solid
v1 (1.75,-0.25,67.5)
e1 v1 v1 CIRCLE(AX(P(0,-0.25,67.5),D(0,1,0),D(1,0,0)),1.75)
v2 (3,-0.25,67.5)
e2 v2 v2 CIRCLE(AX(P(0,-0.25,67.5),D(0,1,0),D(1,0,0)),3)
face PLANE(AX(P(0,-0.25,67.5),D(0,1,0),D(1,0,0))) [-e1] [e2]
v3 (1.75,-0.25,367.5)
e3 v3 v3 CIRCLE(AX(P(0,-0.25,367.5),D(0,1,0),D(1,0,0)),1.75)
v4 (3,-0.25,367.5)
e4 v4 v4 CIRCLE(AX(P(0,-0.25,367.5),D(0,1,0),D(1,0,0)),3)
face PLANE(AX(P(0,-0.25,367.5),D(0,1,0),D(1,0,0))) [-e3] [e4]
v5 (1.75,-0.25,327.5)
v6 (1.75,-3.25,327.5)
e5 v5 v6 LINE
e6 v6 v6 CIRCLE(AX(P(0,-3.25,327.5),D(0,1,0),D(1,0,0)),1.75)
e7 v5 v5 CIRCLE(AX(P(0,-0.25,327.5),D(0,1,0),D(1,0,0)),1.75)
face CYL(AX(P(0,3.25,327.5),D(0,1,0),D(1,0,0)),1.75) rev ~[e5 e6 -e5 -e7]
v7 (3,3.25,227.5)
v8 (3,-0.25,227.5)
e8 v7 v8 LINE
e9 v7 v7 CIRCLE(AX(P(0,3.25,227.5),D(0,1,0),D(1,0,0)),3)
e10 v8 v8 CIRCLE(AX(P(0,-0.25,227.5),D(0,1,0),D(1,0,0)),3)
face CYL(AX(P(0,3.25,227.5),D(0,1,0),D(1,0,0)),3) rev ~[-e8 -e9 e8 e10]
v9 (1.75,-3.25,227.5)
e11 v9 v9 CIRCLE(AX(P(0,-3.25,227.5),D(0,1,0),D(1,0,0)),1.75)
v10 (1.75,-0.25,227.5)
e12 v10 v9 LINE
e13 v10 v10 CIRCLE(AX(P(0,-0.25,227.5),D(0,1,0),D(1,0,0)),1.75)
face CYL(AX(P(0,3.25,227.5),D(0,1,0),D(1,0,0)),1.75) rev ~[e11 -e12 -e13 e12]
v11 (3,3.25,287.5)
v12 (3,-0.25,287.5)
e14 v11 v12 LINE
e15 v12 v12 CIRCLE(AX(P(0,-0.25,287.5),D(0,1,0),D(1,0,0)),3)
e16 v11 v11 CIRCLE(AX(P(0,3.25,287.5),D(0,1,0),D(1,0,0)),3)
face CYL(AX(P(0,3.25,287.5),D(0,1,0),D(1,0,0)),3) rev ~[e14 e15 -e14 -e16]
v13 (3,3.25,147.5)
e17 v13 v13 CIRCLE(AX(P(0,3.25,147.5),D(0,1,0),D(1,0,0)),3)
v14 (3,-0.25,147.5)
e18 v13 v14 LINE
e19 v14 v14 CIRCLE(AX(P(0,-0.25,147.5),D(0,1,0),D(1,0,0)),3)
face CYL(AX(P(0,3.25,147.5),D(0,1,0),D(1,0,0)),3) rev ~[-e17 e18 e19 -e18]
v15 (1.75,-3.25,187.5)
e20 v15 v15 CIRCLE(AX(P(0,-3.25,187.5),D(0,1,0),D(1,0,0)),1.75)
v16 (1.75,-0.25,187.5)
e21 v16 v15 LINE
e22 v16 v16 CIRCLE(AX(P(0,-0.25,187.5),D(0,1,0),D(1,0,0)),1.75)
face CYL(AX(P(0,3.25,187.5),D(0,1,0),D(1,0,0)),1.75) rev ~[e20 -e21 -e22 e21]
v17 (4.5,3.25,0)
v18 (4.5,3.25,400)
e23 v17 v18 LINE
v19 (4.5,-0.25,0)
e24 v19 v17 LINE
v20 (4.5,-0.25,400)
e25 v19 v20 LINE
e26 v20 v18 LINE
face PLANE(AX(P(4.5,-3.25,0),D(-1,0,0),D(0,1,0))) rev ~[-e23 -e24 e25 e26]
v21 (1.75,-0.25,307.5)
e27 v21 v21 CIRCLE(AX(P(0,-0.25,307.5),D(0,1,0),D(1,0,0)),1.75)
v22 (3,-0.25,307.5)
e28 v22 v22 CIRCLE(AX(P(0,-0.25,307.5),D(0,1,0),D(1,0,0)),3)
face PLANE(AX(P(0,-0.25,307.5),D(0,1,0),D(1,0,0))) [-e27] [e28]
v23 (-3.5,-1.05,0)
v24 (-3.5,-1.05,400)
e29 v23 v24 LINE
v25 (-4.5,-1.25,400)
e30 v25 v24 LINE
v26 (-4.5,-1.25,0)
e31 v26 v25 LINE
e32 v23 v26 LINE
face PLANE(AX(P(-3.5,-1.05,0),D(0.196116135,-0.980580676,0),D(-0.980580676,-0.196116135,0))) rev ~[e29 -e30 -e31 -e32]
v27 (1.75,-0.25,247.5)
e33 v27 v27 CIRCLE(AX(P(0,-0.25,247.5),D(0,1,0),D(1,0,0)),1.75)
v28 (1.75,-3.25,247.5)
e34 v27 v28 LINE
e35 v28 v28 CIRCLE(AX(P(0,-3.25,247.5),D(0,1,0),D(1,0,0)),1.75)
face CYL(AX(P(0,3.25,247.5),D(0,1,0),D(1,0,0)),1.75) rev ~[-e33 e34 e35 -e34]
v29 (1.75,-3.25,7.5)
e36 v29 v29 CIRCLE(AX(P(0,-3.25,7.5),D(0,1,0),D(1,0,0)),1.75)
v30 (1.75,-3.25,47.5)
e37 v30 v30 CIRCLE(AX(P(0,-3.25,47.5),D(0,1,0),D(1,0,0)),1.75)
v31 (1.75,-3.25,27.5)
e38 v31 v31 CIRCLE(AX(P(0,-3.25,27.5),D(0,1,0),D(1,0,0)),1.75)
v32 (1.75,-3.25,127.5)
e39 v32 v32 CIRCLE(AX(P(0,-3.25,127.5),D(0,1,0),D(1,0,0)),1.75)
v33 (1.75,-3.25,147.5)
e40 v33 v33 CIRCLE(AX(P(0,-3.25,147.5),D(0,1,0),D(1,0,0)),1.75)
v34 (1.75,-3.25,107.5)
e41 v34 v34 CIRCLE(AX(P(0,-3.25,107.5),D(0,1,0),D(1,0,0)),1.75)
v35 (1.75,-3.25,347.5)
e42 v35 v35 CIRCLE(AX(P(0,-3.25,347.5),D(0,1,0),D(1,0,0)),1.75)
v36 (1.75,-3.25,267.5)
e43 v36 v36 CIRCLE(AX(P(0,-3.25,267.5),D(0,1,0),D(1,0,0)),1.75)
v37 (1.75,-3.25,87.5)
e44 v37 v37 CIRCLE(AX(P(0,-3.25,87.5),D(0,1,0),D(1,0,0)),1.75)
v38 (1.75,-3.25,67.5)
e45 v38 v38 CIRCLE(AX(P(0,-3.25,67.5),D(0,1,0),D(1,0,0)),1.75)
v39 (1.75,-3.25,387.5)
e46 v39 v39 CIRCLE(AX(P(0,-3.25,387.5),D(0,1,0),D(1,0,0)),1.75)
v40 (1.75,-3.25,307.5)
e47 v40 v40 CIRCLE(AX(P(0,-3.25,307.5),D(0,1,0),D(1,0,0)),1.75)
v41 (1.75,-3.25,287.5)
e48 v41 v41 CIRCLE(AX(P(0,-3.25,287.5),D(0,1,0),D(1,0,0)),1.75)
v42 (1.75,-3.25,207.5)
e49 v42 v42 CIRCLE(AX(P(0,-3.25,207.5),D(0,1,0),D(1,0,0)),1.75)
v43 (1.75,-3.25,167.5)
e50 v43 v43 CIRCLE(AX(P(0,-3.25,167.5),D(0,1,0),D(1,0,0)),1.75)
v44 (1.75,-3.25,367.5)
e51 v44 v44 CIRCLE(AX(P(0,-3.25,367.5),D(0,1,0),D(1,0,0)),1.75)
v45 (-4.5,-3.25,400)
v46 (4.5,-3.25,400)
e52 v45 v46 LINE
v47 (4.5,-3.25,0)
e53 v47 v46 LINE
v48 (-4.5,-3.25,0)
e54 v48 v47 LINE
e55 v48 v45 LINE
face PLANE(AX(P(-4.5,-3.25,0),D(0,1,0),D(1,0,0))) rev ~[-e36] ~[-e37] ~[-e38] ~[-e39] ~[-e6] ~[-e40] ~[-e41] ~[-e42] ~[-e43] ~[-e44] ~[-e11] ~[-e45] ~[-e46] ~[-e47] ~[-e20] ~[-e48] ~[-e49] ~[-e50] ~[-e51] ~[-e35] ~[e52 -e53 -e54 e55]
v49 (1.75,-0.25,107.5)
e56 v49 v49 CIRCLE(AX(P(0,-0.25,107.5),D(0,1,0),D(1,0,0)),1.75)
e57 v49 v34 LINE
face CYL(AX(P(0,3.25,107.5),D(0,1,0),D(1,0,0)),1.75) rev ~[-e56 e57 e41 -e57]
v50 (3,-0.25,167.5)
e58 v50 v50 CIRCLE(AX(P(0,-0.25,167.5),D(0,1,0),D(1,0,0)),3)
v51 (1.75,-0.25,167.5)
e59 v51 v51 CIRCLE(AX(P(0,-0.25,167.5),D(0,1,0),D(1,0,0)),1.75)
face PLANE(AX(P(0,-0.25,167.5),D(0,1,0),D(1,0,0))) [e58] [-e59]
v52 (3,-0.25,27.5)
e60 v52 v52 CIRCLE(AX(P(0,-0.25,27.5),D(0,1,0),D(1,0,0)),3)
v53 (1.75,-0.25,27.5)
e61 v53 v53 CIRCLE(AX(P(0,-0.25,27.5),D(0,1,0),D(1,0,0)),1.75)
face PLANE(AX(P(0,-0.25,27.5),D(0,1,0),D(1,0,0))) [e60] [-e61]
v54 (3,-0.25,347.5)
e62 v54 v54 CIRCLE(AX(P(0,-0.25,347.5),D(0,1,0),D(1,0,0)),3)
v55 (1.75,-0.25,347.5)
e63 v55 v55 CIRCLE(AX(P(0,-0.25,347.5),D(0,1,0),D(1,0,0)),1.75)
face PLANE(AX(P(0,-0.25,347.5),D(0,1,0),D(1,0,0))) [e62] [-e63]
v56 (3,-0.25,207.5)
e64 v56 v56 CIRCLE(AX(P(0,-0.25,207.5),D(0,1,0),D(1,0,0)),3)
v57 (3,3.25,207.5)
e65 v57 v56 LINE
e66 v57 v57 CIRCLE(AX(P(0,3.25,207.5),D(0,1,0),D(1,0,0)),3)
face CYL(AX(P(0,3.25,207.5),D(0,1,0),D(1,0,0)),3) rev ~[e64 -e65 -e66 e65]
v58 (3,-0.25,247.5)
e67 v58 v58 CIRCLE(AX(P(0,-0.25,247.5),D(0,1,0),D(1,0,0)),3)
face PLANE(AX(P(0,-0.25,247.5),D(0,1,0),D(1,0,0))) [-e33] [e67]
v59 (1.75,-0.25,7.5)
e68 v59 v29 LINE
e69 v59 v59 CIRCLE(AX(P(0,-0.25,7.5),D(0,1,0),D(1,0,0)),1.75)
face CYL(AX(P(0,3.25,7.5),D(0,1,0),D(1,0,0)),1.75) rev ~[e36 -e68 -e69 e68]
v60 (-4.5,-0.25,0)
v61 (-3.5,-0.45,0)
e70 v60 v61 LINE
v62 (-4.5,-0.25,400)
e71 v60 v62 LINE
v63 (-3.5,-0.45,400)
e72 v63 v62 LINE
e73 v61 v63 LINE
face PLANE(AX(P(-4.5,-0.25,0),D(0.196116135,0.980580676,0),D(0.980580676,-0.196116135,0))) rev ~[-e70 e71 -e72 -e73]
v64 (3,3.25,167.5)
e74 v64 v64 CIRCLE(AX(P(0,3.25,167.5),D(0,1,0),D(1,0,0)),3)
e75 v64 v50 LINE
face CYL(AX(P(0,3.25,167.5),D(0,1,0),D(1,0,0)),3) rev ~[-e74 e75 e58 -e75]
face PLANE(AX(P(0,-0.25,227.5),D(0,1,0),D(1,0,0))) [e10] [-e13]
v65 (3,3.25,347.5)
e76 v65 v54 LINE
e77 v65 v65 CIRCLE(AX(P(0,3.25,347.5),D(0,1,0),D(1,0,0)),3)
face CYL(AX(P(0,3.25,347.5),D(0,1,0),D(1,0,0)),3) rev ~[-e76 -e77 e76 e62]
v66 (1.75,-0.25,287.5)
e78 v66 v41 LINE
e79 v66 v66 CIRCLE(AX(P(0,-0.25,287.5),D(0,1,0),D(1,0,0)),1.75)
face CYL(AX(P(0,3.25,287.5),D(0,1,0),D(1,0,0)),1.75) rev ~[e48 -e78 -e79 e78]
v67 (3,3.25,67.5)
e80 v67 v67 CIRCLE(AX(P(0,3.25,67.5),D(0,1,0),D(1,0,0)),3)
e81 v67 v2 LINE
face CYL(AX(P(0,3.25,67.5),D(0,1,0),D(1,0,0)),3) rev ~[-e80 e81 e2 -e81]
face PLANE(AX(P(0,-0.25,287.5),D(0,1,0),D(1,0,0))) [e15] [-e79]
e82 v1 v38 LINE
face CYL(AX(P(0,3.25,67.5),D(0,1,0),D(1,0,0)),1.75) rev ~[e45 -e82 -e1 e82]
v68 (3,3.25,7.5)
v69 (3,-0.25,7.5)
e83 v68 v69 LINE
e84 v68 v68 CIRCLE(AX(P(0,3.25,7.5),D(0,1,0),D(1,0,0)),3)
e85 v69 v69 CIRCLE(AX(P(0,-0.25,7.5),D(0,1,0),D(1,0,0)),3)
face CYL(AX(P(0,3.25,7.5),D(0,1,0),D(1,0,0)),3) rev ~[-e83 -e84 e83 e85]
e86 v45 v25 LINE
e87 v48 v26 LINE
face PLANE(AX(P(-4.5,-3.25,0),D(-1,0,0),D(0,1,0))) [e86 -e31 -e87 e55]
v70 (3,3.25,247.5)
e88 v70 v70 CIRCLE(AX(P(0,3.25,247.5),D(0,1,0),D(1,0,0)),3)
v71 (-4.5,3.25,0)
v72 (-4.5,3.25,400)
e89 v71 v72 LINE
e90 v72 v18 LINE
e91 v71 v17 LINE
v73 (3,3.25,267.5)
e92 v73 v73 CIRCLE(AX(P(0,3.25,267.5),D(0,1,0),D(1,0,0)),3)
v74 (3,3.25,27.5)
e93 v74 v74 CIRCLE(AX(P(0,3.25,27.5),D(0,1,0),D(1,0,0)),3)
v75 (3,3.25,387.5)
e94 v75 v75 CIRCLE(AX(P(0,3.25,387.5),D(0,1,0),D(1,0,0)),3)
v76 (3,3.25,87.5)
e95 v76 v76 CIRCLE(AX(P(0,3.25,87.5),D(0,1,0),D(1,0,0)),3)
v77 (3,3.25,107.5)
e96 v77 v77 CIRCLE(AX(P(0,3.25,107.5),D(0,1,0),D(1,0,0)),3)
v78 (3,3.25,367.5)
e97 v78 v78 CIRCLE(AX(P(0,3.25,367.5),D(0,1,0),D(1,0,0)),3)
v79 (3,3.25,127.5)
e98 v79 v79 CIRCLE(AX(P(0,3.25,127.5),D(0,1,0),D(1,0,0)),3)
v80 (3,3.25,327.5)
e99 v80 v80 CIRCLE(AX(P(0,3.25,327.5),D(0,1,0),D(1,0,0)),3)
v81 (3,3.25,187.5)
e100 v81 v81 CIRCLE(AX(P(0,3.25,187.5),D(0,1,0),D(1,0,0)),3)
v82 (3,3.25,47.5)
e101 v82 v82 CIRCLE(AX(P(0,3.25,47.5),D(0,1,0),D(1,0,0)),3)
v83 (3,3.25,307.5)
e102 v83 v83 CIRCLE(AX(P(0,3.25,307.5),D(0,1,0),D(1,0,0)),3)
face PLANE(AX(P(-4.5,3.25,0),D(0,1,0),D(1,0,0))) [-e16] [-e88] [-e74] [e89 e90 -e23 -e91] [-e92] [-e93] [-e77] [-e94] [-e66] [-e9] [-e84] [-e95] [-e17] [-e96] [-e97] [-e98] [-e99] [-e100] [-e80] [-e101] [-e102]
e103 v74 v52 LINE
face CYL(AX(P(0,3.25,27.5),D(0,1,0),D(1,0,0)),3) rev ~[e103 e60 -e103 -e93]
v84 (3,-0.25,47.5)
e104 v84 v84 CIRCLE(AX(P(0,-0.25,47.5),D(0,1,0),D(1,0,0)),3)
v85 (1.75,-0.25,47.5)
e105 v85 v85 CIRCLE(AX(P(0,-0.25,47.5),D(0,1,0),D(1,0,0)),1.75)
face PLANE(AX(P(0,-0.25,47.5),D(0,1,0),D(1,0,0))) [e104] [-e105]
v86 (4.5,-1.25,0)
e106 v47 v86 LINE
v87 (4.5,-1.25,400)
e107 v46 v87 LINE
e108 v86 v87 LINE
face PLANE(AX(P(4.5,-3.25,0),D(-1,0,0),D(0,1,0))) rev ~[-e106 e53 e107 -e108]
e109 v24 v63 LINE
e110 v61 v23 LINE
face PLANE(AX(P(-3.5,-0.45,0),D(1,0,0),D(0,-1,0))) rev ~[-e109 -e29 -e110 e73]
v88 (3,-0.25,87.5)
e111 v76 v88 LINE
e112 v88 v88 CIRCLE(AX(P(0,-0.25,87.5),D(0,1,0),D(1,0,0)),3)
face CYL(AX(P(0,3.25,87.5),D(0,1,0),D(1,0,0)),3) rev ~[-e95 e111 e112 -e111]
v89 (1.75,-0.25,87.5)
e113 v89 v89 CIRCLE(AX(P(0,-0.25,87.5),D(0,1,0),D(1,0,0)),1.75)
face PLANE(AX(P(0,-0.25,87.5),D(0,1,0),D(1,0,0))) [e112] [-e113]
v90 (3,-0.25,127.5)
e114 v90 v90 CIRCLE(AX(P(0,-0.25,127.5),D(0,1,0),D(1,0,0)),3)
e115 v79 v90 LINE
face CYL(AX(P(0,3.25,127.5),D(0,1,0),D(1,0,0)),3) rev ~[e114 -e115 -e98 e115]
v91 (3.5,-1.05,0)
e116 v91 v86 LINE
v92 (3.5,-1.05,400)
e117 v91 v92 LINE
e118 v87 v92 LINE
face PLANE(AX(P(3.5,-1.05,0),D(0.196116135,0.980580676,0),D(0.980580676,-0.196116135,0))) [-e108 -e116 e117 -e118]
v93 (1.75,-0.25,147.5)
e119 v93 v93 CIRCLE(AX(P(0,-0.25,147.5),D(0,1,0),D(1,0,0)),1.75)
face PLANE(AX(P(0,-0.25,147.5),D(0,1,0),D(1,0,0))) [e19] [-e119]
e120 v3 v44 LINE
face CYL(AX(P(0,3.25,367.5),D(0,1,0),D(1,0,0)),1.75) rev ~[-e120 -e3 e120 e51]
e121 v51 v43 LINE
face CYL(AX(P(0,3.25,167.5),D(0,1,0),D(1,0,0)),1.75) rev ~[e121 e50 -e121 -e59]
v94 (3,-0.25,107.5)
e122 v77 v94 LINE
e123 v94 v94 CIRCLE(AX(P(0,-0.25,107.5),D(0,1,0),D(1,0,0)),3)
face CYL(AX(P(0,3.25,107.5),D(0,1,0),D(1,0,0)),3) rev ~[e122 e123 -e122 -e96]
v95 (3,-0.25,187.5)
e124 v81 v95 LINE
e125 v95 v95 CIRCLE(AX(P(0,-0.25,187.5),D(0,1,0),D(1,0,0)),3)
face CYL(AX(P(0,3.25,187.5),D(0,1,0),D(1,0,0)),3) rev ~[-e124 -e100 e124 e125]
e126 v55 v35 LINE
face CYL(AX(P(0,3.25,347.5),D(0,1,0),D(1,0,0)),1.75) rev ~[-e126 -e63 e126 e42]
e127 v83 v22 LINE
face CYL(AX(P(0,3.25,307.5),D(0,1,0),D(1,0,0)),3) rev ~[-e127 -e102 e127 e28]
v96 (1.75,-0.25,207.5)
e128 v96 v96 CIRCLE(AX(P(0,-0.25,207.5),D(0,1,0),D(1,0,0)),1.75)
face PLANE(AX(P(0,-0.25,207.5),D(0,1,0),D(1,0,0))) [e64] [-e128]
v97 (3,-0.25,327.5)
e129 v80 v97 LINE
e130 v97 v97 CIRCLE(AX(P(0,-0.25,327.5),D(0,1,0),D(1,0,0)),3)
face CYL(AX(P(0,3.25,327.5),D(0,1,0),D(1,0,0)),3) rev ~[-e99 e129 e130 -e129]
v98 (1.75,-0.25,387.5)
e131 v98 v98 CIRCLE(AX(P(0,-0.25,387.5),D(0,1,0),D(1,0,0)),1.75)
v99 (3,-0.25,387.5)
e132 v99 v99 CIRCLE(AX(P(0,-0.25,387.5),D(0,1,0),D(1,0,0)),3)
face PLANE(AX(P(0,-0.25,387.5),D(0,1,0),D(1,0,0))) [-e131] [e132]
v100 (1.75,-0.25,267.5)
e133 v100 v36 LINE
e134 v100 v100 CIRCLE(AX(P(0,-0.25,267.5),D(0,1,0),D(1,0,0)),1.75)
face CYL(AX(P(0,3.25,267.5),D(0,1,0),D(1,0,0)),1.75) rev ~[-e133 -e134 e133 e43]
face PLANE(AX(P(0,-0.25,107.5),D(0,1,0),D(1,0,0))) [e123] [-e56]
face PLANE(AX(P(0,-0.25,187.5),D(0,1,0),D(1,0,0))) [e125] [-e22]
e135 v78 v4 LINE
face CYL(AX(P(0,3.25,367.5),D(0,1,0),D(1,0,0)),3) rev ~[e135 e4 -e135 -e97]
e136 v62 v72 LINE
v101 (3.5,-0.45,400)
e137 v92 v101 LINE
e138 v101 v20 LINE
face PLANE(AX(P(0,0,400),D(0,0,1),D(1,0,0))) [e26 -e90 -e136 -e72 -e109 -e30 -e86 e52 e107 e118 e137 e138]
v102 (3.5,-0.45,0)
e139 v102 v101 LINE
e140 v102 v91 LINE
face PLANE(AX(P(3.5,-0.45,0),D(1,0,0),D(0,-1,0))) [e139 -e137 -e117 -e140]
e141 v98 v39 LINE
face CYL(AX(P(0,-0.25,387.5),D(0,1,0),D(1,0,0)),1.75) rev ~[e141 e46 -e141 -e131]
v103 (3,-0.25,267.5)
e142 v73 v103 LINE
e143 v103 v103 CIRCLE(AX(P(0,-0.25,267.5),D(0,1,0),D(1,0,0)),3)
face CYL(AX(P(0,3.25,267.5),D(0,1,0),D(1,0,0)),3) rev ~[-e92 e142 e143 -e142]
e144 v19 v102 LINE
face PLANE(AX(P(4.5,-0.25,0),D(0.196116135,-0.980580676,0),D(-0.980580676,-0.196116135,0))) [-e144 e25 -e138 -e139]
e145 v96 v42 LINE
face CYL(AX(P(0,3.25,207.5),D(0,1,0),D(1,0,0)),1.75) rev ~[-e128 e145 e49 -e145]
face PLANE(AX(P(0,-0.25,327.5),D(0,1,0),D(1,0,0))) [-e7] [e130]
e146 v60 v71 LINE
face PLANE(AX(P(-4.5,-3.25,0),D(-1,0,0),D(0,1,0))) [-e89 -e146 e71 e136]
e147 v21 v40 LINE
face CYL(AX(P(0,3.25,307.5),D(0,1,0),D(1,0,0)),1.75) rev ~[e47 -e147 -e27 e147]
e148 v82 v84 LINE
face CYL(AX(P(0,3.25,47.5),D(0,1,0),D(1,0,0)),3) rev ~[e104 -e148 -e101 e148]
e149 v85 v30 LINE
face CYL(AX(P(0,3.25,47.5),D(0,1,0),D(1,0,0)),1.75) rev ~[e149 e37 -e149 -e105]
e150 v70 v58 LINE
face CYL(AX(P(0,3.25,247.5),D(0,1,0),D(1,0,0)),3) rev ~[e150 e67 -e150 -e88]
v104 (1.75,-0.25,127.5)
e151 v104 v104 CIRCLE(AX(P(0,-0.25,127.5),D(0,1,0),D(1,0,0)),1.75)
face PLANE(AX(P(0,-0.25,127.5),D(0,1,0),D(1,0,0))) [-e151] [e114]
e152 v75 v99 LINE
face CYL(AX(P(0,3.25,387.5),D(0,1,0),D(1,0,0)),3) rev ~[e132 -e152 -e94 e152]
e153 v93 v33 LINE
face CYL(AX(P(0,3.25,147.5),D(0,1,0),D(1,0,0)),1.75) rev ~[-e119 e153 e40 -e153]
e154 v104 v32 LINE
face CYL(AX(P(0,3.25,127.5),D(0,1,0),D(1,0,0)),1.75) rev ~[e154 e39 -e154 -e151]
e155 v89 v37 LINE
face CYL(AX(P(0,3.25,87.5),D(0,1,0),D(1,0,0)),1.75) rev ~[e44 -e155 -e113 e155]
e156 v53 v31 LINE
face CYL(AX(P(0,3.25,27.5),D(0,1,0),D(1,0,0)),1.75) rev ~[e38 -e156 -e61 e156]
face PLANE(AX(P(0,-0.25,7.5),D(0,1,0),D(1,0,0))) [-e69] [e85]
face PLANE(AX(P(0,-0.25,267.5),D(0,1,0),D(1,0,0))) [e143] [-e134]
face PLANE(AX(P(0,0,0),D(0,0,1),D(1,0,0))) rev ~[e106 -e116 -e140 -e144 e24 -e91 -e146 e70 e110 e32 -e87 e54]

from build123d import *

# Parameters (mm, degrees)
SKETCH_1_W          = 9
SKETCH_1_H          = 6.5
EXTRUDE_1_DEPTH     = 400
SKETCH_2_R          = 1.75
CUT_EXTRUDE_1_DEPTH = 7.5
SKETCH_3_R          = 3
CUT_EXTRUDE_2_DEPTH = 3.5
CUT_EXTRUDE_3_DEPTH = 401
SKETCH_5_R          = 1.75
CUT_EXTRUDE_4_DEPTH = 10


with BuildPart() as part:
    # 草图1 → 凸台-拉伸1 (new body)
    with BuildSketch(Plane.XY):
        Rectangle(SKETCH_1_W, SKETCH_1_H)
    extrude(amount=EXTRUDE_1_DEPTH)

    # 草图2 → 切除-拉伸1 (cut, through all)
    with BuildSketch(Plane(origin=(0, 3.25, 0), x_dir=(1, 0, 0), z_dir=(0, 1, 0))):
        with Locations((0, -7.5)):
            Circle(SKETCH_2_R)
        with Locations((0, -27.5)):
            Circle(SKETCH_2_R)
        with Locations((0, -47.5)):
            Circle(SKETCH_2_R)
        with Locations((0, -67.5)):
            Circle(SKETCH_2_R)
        with Locations((0, -87.5)):
            Circle(SKETCH_2_R)
        with Locations((0, -107.5)):
            Circle(SKETCH_2_R)
        with Locations((0, -127.5)):
            Circle(SKETCH_2_R)
        with Locations((0, -147.5)):
            Circle(SKETCH_2_R)
        with Locations((0, -167.5)):
            Circle(SKETCH_2_R)
        with Locations((0, -187.5)):
            Circle(SKETCH_2_R)
        with Locations((0, -207.5)):
            Circle(SKETCH_2_R)
        with Locations((0, -227.5)):
            Circle(SKETCH_2_R)
        with Locations((0, -247.5)):
            Circle(SKETCH_2_R)
        with Locations((0, -267.5)):
            Circle(SKETCH_2_R)
        with Locations((0, -287.5)):
            Circle(SKETCH_2_R)
        with Locations((0, -307.5)):
            Circle(SKETCH_2_R)
        with Locations((0, -327.5)):
            Circle(SKETCH_2_R)
        with Locations((0, -347.5)):
            Circle(SKETCH_2_R)
        with Locations((0, -367.5)):
            Circle(SKETCH_2_R)
    extrude(amount=-CUT_EXTRUDE_1_DEPTH, mode=Mode.SUBTRACT)

    # 草图3 → 切除-拉伸2 (cut)
    with BuildSketch(Plane(origin=(0, 3.25, 0), x_dir=(1, 0, 0), z_dir=(0, 1, 0))):
        with Locations((0, -7.5)):
            Circle(SKETCH_3_R)
        with Locations((0, -27.5)):
            Circle(SKETCH_3_R)
        with Locations((0, -47.5)):
            Circle(SKETCH_3_R)
        with Locations((0, -67.5)):
            Circle(SKETCH_3_R)
        with Locations((0, -87.5)):
            Circle(SKETCH_3_R)
        with Locations((0, -107.5)):
            Circle(SKETCH_3_R)
        with Locations((0, -127.5)):
            Circle(SKETCH_3_R)
        with Locations((0, -147.5)):
            Circle(SKETCH_3_R)
        with Locations((0, -167.5)):
            Circle(SKETCH_3_R)
        with Locations((0, -187.5)):
            Circle(SKETCH_3_R)
        with Locations((0, -207.5)):
            Circle(SKETCH_3_R)
        with Locations((0, -227.5)):
            Circle(SKETCH_3_R)
        with Locations((0, -247.5)):
            Circle(SKETCH_3_R)
        with Locations((0, -267.5)):
            Circle(SKETCH_3_R)
        with Locations((0, -287.5)):
            Circle(SKETCH_3_R)
        with Locations((0, -307.5)):
            Circle(SKETCH_3_R)
        with Locations((0, -327.5)):
            Circle(SKETCH_3_R)
        with Locations((0, -347.5)):
            Circle(SKETCH_3_R)
        with Locations((0, -367.5)):
            Circle(SKETCH_3_R)
        with Locations((0, -387.5)):
            Circle(SKETCH_3_R)
    extrude(amount=-CUT_EXTRUDE_2_DEPTH, mode=Mode.SUBTRACT)

    # 草图4 → 切除-拉伸3 (cut, through all)
    with BuildSketch(Plane(origin=(0, 0, 0), x_dir=(-1, 0, 0), z_dir=(0, 0, -1))):
        Polygon((4.5, -0.25), (3.5, -0.45), (3.5, -1.05), (4.5, -1.25), align=None)
        Polygon((-4.5, -0.25), (-3.5, -0.45), (-3.5, -1.05), (-4.5, -1.25), align=None)
    extrude(amount=-CUT_EXTRUDE_3_DEPTH, mode=Mode.SUBTRACT)

    # 草图5 → 切除-拉伸4 (cut)
    with BuildSketch(Plane(origin=(0, -0.25, 0), x_dir=(1, 0, 0), z_dir=(0, 1, 0))):
        with Locations((0, -387.5)):
            Circle(SKETCH_5_R)
    extrude(amount=-CUT_EXTRUDE_4_DEPTH, mode=Mode.SUBTRACT)


solid = part.part
